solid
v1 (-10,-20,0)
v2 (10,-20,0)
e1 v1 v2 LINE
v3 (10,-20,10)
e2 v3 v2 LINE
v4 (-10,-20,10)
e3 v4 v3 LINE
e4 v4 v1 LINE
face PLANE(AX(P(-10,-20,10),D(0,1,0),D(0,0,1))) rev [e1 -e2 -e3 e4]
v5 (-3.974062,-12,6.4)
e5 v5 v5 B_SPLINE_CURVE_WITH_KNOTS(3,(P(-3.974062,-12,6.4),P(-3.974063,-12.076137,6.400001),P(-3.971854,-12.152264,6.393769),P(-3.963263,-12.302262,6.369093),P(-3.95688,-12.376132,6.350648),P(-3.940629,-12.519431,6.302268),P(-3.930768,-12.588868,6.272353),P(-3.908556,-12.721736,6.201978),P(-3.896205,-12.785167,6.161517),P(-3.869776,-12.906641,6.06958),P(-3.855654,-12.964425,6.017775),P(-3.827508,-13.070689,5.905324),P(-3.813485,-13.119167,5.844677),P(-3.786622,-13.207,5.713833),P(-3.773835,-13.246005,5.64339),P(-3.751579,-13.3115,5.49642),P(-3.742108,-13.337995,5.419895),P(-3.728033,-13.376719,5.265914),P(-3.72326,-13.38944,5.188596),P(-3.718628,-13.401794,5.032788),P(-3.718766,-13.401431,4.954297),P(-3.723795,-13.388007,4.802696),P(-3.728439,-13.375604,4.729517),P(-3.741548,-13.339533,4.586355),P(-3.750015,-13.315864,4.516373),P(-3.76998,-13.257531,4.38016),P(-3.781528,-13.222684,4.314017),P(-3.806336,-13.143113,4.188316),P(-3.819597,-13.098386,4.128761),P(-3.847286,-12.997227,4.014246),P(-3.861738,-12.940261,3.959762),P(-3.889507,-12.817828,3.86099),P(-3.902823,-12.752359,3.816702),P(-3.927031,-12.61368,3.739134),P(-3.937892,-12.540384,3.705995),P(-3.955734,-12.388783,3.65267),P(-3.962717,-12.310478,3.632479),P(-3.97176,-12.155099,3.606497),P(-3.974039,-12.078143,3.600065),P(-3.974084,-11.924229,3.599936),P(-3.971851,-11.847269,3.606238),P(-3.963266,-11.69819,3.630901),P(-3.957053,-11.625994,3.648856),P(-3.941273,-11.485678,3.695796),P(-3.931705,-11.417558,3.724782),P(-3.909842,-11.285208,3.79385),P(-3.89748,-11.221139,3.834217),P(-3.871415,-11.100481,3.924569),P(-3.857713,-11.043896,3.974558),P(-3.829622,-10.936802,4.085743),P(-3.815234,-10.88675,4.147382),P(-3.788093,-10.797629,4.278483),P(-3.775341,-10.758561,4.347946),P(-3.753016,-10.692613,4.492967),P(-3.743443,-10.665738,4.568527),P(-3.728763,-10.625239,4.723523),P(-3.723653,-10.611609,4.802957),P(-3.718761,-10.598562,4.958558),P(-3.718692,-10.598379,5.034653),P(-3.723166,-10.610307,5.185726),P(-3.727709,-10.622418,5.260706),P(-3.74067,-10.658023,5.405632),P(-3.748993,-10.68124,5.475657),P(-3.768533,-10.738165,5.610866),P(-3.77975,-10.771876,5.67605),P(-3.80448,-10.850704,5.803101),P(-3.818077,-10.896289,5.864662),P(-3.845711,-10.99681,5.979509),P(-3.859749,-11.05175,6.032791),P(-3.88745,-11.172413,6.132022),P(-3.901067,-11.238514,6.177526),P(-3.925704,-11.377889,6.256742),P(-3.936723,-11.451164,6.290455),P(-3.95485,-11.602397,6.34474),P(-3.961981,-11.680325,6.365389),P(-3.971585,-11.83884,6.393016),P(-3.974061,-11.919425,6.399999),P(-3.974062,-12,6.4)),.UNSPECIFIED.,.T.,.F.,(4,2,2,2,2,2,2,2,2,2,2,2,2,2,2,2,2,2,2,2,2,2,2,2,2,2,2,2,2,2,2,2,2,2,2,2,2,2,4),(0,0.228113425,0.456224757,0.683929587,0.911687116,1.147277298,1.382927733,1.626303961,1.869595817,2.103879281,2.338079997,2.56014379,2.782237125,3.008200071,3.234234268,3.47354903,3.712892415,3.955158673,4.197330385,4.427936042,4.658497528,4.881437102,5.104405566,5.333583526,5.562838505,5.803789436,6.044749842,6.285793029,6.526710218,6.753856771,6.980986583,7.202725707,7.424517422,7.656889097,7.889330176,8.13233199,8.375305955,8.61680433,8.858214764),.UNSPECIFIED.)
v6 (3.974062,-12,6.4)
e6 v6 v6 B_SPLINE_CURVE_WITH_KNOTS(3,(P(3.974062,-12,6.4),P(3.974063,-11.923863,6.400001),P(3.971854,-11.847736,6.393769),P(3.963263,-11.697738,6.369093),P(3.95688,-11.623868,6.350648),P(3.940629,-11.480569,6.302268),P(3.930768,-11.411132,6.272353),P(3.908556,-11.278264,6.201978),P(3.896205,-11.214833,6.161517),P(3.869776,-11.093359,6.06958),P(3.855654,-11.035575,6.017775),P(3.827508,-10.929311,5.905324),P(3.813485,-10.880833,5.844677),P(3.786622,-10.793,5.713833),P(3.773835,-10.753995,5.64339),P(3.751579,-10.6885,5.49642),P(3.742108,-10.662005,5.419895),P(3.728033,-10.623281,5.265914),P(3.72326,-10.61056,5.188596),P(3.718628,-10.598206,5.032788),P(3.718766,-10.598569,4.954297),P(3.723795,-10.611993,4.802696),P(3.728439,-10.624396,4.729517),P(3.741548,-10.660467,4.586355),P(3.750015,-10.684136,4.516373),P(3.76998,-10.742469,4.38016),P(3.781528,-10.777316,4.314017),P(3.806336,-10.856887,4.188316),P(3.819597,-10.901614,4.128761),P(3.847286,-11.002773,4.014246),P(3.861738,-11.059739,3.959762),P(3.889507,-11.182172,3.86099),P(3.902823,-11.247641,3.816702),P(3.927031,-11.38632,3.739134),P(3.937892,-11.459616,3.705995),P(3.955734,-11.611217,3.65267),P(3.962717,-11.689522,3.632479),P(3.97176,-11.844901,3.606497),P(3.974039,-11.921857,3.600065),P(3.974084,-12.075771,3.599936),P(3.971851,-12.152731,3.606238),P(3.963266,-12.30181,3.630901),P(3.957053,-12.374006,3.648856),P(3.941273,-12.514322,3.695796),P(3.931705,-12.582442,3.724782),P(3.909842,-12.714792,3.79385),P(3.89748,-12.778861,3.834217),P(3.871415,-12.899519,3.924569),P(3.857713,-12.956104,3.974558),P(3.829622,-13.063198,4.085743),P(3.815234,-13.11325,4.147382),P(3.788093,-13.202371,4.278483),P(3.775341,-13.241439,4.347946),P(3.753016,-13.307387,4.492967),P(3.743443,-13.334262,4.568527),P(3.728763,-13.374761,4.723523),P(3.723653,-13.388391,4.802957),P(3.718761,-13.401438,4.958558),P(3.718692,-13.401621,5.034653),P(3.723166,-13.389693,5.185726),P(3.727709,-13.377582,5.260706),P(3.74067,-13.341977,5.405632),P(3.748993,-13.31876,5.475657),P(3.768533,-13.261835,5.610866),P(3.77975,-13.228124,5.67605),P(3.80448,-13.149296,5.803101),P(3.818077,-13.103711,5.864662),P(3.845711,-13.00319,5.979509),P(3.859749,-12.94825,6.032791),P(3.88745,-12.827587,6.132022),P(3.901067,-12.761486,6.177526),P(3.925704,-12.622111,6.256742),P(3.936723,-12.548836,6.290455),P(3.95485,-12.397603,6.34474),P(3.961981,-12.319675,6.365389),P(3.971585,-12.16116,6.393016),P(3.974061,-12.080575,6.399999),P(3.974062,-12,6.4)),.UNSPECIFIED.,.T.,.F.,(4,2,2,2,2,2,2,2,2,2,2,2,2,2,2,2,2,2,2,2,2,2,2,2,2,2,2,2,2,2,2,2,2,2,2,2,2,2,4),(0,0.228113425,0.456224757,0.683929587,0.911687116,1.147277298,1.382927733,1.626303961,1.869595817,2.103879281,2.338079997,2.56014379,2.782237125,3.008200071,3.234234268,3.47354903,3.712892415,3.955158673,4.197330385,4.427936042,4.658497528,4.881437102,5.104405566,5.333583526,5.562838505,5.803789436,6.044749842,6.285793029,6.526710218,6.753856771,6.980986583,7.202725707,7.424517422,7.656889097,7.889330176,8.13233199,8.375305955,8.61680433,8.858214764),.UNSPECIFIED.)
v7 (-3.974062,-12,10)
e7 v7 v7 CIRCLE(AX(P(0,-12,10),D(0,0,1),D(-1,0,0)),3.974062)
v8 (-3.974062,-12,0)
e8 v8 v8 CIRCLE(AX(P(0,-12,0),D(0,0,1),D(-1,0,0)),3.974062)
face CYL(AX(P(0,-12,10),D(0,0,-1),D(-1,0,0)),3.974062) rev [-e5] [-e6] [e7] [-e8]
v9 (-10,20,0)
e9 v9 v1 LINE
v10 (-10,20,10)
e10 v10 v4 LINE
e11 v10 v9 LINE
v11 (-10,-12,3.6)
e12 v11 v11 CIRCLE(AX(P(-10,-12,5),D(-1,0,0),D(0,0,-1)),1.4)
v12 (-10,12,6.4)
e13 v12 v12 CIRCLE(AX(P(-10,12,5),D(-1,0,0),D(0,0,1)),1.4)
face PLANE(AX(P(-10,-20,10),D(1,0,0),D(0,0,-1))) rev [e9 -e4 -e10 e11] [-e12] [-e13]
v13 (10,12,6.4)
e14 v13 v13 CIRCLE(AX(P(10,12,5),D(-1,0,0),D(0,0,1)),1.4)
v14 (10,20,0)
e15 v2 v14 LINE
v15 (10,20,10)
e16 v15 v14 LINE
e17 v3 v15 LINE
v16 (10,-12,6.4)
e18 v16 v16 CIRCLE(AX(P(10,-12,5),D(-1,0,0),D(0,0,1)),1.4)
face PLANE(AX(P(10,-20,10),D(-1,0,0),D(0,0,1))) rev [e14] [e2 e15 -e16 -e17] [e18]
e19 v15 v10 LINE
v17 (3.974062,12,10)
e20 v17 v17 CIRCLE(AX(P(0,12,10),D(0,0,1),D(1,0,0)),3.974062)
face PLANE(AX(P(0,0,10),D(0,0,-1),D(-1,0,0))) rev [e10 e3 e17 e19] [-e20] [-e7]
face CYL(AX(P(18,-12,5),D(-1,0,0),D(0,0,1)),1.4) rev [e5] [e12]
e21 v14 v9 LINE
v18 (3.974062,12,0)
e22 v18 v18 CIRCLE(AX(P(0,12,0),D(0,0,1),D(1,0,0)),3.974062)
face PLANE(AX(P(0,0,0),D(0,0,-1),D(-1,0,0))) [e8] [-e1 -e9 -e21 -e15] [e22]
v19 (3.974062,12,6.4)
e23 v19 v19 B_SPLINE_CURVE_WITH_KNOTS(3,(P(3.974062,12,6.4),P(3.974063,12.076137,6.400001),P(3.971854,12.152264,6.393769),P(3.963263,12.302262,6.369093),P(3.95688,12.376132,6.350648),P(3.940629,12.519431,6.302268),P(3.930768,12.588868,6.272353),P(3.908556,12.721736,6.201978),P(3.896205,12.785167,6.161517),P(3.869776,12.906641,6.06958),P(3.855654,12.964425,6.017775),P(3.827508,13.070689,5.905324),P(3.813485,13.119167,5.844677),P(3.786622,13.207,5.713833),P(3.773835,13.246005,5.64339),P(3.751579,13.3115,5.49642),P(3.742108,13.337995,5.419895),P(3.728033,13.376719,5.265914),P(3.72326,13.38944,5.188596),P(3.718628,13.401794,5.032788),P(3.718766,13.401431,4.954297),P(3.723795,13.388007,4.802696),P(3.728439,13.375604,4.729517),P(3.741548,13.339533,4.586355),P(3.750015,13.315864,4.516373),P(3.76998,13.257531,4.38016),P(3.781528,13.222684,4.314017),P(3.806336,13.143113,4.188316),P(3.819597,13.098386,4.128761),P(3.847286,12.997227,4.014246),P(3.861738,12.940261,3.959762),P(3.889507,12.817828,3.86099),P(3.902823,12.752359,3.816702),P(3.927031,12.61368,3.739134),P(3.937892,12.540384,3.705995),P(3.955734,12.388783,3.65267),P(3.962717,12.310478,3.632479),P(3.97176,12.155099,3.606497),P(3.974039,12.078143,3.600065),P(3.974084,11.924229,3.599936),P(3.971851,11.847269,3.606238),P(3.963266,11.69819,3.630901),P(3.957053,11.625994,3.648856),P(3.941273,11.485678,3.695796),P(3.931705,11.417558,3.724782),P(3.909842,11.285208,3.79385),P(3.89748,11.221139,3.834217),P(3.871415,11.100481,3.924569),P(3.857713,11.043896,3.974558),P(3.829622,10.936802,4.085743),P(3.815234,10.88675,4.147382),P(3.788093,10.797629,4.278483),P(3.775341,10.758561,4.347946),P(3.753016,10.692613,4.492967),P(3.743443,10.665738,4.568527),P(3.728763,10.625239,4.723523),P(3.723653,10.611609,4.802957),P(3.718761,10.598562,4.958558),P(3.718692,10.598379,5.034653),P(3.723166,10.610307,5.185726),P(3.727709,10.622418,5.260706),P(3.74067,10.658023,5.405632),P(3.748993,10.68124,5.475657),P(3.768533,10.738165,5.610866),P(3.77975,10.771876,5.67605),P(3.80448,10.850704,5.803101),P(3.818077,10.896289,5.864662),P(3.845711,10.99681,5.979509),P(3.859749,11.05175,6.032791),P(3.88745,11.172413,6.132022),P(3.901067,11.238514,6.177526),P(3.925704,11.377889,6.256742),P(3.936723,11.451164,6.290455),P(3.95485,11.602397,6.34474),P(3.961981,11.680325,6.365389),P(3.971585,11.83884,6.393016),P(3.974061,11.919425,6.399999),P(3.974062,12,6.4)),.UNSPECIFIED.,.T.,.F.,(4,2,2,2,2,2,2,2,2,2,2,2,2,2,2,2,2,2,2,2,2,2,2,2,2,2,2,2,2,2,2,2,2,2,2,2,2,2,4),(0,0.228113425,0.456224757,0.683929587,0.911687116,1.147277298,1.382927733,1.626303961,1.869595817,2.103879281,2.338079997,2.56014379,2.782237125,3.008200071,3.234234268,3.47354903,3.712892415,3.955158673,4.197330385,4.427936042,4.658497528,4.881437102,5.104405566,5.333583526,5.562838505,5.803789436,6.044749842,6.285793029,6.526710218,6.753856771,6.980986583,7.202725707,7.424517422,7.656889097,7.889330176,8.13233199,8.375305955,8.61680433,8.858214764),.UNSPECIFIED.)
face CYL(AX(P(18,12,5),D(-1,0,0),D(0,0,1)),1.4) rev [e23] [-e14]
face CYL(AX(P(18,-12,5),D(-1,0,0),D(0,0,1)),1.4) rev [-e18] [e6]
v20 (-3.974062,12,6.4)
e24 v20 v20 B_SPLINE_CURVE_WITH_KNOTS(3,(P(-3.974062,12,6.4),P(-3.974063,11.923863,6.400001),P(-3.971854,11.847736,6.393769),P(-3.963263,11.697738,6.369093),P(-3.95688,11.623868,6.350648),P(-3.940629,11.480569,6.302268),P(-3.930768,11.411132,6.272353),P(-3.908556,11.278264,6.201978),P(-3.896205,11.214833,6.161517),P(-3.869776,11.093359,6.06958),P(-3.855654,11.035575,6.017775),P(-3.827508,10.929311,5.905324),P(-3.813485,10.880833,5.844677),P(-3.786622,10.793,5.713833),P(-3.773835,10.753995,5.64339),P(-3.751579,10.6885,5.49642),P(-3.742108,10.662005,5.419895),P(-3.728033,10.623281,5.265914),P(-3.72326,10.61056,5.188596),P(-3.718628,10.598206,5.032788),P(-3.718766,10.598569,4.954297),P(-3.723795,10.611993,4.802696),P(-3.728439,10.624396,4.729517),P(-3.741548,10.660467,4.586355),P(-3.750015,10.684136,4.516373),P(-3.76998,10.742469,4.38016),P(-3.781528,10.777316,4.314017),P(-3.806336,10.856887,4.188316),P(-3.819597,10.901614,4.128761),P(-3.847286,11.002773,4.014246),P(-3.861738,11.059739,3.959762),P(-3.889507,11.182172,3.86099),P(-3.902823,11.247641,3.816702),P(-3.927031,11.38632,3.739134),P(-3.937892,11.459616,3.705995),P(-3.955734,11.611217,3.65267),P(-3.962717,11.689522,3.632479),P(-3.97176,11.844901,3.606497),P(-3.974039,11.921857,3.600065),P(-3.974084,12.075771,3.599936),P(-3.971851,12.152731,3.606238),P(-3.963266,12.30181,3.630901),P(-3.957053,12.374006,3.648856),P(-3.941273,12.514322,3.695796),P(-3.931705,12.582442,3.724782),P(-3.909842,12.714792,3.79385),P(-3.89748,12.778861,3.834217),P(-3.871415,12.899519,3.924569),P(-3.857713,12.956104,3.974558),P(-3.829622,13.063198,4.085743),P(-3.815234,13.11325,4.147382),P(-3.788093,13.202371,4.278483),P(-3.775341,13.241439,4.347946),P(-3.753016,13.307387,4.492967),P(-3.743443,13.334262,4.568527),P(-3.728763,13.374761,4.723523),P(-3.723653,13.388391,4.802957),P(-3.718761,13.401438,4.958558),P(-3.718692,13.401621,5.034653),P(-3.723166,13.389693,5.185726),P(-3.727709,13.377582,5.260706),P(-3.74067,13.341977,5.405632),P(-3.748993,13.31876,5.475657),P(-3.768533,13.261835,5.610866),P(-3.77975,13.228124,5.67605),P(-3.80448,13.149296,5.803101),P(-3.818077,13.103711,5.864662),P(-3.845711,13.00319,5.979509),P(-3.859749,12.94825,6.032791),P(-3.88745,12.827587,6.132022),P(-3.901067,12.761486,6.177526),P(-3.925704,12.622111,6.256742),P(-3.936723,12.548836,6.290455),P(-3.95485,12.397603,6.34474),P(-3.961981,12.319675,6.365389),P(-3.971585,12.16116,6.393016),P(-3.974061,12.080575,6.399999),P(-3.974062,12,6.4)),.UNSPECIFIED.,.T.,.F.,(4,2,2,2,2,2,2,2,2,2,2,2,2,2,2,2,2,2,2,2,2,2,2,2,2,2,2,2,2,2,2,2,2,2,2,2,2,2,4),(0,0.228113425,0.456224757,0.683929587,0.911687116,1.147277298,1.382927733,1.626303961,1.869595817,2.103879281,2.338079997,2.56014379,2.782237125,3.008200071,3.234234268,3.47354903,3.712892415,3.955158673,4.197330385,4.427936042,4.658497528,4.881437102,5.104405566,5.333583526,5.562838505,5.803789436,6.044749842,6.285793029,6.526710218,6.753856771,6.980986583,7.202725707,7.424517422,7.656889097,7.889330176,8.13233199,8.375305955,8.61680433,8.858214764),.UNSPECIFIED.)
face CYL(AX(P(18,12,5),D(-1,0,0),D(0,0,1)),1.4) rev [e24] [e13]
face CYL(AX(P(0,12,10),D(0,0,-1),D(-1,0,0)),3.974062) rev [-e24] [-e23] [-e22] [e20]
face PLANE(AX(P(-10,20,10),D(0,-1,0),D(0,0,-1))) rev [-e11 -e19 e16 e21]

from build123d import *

# Parameters (mm, degrees)
ESQUISSE1_W             = 20
ESQUISSE1_H             = 40
ESQUISSE1_R             = 3.974062066
BOSS_EXTRU_1_DEPTH      = 10
ESQUISSE2_R             = 1.4
ENL_V_MAT_EXTRU_1_DEPTH = 28


with BuildPart() as part:
    # Esquisse1 → Boss.-Extru.1 (new body)
    with BuildSketch(Plane.XY):
        Rectangle(ESQUISSE1_W, ESQUISSE1_H)
        with Locations((0, 12)):
            Circle(ESQUISSE1_R, mode=Mode.SUBTRACT)
        with Locations((0, -12)):
            Circle(ESQUISSE1_R, mode=Mode.SUBTRACT)
    extrude(amount=BOSS_EXTRU_1_DEPTH)

    # Esquisse2 → Enlèv. mat.-Extru.1 (cut)
    with BuildSketch(Plane.ZY.offset(10)):
        with Locations((5, 12)):
            Circle(ESQUISSE2_R)
        with Locations((5, -12)):
            Circle(ESQUISSE2_R)
    extrude(amount=-ENL_V_MAT_EXTRU_1_DEPTH, mode=Mode.SUBTRACT)


solid = part.part
